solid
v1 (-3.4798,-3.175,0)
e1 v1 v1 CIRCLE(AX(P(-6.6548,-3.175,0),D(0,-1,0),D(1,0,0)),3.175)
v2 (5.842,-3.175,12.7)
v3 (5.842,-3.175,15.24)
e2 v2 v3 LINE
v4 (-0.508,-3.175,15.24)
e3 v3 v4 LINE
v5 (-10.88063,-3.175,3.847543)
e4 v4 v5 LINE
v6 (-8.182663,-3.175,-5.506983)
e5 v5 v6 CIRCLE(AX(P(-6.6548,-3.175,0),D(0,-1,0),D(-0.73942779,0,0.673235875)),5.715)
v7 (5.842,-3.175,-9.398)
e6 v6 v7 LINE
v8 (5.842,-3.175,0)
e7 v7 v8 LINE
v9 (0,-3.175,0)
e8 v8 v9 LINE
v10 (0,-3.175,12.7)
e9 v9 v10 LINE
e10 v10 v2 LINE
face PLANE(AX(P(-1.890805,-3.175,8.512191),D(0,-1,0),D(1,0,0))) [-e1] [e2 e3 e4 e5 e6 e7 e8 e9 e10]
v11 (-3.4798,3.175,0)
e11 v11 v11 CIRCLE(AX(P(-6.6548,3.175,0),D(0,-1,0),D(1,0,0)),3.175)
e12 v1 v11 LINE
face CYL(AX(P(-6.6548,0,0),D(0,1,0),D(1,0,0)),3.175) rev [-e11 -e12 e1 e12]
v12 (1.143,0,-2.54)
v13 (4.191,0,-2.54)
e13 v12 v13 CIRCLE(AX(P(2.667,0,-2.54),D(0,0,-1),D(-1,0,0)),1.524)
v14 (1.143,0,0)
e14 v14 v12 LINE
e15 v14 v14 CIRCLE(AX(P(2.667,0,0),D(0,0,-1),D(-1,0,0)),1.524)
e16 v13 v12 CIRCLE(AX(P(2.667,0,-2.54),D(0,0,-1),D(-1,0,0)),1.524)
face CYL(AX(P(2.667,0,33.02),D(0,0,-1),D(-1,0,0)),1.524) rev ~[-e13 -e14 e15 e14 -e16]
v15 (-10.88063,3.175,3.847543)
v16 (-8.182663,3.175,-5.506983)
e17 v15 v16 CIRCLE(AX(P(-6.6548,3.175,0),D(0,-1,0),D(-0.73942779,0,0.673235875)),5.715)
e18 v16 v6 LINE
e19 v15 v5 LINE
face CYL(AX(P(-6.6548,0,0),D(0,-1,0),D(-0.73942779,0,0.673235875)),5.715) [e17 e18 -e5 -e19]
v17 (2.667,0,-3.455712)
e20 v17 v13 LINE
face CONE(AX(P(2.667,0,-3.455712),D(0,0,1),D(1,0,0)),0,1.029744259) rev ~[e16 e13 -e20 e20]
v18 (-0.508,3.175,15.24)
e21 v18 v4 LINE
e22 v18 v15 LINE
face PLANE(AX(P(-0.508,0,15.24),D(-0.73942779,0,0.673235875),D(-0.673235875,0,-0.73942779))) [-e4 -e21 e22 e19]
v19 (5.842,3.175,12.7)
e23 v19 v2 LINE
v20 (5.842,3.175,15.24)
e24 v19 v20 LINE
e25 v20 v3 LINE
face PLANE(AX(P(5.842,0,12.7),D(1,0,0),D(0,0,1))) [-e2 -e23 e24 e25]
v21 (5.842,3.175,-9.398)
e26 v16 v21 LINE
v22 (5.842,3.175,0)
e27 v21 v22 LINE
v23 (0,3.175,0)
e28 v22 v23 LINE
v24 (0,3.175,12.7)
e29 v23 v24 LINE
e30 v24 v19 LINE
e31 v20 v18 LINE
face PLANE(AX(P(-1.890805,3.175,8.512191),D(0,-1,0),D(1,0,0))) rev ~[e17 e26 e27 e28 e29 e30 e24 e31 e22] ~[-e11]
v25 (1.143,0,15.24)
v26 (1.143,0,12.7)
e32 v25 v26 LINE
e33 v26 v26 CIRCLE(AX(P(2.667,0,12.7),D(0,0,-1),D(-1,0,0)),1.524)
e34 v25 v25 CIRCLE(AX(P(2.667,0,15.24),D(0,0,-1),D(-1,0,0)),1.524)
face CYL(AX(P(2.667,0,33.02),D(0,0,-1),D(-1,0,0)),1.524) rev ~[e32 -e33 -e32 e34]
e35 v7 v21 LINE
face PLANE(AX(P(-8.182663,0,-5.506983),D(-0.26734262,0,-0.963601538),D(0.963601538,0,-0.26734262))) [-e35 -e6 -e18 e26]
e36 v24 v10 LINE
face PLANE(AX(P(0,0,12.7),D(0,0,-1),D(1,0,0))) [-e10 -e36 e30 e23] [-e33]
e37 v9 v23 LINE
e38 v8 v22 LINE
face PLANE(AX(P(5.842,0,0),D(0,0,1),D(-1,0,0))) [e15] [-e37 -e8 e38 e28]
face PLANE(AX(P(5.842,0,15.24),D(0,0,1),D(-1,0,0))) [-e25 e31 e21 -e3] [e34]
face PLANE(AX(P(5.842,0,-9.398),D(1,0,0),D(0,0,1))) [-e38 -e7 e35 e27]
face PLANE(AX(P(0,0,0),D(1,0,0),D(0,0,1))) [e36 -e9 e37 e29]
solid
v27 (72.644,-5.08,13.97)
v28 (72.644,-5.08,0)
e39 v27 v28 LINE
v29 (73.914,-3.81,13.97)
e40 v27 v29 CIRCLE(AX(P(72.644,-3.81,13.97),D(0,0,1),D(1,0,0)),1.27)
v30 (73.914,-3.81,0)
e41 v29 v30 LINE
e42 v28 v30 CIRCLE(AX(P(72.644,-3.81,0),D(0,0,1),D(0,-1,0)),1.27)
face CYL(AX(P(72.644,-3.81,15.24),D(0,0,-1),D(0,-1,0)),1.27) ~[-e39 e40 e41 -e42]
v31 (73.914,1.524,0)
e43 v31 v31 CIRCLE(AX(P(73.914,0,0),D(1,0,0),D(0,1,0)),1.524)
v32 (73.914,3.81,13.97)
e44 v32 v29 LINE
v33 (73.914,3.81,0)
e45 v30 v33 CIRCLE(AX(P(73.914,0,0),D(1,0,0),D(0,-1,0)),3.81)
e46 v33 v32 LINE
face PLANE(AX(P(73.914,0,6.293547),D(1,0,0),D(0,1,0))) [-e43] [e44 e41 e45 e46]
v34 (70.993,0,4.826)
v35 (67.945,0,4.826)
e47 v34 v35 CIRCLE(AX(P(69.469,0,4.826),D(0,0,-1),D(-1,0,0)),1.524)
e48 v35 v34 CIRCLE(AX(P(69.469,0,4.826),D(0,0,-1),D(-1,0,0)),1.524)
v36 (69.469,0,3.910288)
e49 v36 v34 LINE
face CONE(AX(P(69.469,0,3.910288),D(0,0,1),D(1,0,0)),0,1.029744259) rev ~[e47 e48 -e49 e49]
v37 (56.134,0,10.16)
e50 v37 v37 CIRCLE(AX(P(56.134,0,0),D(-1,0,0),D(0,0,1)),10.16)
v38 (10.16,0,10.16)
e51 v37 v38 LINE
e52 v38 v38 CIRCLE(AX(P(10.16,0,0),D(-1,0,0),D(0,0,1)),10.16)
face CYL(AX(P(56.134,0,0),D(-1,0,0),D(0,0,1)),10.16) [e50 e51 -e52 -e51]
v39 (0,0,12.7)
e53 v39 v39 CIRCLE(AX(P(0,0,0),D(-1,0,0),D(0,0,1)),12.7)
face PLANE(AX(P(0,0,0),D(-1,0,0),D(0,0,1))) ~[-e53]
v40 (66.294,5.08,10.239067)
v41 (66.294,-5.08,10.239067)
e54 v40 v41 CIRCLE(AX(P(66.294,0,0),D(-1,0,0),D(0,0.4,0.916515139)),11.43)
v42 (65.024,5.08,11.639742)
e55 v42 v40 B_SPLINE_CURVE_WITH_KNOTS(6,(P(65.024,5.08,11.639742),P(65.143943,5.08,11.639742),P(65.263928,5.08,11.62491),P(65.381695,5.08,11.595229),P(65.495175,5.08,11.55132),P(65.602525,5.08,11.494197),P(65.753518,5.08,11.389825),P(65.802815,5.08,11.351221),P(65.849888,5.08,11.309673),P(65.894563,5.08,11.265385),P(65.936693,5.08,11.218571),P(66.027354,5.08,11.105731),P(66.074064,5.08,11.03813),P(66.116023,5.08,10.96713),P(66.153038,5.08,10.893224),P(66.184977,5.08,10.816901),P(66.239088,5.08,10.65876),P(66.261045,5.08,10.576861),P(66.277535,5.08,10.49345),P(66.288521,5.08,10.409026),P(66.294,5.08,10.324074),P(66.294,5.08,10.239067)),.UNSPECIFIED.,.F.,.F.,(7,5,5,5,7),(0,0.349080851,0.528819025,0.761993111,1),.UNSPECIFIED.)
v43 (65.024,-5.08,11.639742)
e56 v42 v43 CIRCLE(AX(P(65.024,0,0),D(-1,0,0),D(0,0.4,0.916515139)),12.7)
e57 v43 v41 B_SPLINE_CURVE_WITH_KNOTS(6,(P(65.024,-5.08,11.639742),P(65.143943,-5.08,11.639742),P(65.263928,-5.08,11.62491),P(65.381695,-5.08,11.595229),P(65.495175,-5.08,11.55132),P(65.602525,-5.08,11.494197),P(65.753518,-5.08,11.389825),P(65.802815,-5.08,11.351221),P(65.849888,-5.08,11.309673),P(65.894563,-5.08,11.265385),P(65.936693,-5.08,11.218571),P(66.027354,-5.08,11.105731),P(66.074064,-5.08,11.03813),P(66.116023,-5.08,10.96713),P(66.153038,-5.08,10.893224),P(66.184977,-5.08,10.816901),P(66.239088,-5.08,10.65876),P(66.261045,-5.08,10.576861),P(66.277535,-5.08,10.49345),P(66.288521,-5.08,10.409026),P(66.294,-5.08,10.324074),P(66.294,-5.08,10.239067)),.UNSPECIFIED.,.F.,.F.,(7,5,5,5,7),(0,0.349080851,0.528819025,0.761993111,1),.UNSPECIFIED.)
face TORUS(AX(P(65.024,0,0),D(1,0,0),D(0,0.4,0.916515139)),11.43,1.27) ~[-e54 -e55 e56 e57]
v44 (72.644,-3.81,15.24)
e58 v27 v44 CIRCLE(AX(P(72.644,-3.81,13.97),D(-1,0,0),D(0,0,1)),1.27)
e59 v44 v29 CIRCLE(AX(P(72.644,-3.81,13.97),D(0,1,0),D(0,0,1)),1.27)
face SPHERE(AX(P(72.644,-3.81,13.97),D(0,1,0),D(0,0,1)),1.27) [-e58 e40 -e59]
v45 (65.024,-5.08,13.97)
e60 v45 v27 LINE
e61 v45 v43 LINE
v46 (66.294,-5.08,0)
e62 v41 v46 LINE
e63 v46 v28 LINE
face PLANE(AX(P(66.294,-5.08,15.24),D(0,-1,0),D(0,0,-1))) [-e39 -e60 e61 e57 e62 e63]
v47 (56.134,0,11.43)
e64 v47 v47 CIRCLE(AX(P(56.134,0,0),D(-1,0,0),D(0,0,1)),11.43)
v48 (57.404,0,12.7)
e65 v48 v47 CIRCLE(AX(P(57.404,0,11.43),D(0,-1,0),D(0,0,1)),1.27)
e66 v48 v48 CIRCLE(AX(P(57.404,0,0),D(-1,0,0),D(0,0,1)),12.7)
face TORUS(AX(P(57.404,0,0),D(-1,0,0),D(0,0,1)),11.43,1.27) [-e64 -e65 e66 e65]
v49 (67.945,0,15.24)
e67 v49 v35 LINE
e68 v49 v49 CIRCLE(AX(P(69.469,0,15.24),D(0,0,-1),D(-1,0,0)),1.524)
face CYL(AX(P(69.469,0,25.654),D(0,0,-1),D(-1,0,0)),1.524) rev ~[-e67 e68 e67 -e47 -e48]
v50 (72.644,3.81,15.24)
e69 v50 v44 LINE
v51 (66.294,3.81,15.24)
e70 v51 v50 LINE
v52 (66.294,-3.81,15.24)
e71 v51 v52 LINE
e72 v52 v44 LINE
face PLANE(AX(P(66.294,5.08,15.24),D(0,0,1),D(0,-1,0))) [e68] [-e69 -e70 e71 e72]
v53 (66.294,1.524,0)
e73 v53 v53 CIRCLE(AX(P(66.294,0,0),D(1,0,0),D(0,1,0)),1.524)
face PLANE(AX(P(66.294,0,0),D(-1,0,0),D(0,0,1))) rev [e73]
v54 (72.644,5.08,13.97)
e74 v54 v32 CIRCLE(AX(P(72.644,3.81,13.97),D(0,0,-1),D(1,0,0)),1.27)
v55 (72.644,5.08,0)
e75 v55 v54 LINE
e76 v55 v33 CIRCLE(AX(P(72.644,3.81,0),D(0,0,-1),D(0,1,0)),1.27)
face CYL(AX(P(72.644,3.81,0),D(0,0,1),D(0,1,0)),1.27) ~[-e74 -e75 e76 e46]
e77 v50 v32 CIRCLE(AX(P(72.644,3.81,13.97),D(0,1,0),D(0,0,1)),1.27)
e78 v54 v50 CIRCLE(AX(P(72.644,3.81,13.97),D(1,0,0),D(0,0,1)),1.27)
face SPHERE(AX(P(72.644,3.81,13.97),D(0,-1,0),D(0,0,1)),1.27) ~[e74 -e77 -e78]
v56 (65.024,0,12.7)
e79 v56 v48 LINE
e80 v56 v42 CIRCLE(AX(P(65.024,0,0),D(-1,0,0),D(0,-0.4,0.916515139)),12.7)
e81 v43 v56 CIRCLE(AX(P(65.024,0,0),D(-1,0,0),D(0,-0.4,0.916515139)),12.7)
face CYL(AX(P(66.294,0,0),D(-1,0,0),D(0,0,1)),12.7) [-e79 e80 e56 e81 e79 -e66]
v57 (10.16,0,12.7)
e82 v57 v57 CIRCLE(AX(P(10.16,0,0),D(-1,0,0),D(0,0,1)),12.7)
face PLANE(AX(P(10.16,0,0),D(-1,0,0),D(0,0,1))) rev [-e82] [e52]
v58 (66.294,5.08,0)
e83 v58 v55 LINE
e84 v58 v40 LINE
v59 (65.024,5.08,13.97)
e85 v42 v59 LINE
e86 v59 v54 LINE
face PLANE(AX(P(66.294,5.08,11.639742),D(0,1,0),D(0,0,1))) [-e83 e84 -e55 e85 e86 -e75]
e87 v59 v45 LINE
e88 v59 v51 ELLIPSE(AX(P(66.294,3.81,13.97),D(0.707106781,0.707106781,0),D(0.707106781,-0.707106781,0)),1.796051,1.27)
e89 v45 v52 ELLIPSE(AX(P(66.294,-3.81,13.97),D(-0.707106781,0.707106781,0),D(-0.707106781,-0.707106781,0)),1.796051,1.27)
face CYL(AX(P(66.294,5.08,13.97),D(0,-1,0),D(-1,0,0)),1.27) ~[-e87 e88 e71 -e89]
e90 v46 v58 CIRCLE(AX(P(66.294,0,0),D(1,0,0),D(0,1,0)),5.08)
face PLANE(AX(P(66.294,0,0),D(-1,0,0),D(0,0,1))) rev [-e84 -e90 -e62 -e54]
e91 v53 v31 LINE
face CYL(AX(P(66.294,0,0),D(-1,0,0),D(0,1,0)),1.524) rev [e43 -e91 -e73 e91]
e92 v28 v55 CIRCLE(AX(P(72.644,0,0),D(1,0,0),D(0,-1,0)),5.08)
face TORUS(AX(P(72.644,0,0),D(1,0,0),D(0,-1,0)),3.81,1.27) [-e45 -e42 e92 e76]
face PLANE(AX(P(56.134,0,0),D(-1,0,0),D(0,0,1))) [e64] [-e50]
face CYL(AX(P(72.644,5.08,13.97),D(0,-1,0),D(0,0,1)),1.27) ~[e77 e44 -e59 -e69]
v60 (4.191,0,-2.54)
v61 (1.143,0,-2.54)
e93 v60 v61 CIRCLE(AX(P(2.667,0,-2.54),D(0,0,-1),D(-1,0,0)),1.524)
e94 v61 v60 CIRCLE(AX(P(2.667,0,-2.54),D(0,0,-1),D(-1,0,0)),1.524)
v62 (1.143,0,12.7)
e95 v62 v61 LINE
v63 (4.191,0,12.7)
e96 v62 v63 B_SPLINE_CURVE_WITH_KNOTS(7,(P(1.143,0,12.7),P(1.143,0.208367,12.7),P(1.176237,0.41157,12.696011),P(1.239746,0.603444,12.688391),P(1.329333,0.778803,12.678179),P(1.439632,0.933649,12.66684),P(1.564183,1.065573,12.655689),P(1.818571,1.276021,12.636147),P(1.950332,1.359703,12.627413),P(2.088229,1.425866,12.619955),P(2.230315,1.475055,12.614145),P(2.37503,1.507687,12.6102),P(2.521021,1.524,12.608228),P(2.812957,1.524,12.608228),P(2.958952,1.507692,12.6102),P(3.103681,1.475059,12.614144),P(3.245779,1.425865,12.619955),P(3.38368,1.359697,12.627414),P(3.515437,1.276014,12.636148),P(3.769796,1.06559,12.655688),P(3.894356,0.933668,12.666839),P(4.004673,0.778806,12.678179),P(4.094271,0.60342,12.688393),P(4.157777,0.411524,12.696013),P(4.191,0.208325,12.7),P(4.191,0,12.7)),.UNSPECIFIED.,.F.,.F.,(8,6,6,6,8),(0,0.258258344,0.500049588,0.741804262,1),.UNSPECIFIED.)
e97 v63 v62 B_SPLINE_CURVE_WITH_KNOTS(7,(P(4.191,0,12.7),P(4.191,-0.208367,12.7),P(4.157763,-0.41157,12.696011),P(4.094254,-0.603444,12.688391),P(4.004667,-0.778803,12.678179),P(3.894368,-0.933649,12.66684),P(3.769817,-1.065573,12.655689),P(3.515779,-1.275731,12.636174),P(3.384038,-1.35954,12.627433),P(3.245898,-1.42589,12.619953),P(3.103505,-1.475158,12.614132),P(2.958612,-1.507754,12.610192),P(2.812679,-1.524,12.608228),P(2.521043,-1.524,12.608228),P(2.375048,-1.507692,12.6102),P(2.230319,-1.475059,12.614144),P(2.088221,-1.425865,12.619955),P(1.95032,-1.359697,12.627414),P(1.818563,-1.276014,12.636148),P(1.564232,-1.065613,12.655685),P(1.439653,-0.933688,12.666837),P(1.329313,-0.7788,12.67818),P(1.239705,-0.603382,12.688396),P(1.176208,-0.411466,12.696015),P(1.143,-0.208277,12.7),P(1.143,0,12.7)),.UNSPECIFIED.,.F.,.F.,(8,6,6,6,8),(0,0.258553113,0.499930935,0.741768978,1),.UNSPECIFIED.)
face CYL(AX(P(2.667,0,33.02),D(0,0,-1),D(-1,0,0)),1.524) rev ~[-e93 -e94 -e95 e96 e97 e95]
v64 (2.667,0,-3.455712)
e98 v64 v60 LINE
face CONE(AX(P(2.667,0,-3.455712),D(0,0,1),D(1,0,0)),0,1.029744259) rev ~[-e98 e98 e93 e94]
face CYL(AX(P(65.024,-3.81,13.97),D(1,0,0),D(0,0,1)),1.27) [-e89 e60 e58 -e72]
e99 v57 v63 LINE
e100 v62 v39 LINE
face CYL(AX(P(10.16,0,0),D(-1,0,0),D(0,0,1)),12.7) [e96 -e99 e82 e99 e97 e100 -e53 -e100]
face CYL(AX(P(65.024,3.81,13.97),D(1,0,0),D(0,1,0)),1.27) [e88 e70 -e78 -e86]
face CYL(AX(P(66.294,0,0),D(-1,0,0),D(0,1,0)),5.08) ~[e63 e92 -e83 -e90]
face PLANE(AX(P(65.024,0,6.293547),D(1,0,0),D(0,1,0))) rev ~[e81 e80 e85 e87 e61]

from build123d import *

# Parameters (mm, degrees)
F0_W       = 5.842
F0_H       = 12.7
F0_R       = 3.175
F2_DEPTH   = 3.175
F3_R       = 1.524
F4_DEPTH   = 7.62
F5_DEPTH   = 1.27
F7_D       = 3.048
F7_DEPTH   = 17.78
F7_TIP     = 0.9157115834
F7_2_D     = 3.048
F7_2_DEPTH = 17.78
F7_2_TIP   = 0.9157115834
F9_D       = 3.048
F9_DEPTH   = 10.414
F9_TIP     = 0.9157115834
F10_R      = 1.27


with BuildPart() as f1:
    # F0 (on Front) → F1 (revolve)
    with BuildSketch(Plane.XZ):
        with Locations((2.921, 6.35)):
            Rectangle(F0_W, F0_H)
        Polygon((5.842, 12.7), (5.842, 0), (66.294, 0), (66.294, 12.7), (56.134, 12.7), (56.134, 10.16), (10.16, 10.16), (10.16, 12.7), align=None)
    revolve(axis=Axis((33.147, 0, 0), (-1, 0, 0)))

    # F3 (on face) → F4 (join)
    with BuildSketch(Plane.YZ.offset(66.294)):
        with BuildLine():
            ThreePointArc((-5.08, 0), (0, 5.08), (5.08, 0))
            Line((5.08, 0), (5.08, 11.6397422652))
            ThreePointArc((5.08, 11.6397422652), (0, 12.7), (-5.08, 11.6397422652))
            Line((-5.08, 11.6397422652), (-5.08, 0))
        make_face()
        with BuildLine():
            ThreePointArc((-5.08, 11.6397422652), (0, 12.7), (5.08, 11.6397422652))
            Line((5.08, 11.6397422652), (5.08, 15.24))
            Line((5.08, 15.24), (-5.08, 15.24))
            Line((-5.08, 15.24), (-5.08, 11.6397422652))
        make_face()
        with BuildLine():
            ThreePointArc((-5.08, 0), (0, -5.08), (5.08, 0))
            ThreePointArc((5.08, 0), (0, 5.08), (-5.08, 0))
        make_face()
        Circle(F3_R, mode=Mode.SUBTRACT)
    extrude(amount=F4_DEPTH)

    # F5 (add): a face of the model
    f5_faces = [f1.faces().sort_by_distance(p)[0] for p in [
        (66.294, 0, 13.7792682875),
    ]]
    extrude(f5_faces, amount=F5_DEPTH)

    # F7
    with Locations(Plane.XY.offset(15.24)):
        with Locations((2.667, 0)):
            Hole(F7_D / 2, depth=F7_DEPTH)
            with Locations((0, 0, -(F7_DEPTH + F7_TIP / 2))):  # 118° drill point
                Cone(0, F7_D / 2, F7_TIP, mode=Mode.SUBTRACT)

    # F9
    with Locations(Plane.XY.offset(15.24)):
        with Locations((69.469, 0)):
            Hole(F9_D / 2, depth=F9_DEPTH)
            with Locations((0, 0, -(F9_DEPTH + F9_TIP / 2))):  # 118° drill point
                Cone(0, F9_D / 2, F9_TIP, mode=Mode.SUBTRACT)

    # F10
    f10_edges = [f1.edges().sort_by_distance(p)[0] for p in [
        (66.294, 0, -12.7),
        (56.134, 0, -12.7),
        (73.914, 0, 15.24),
        (65.024, 0, 15.24),
        (69.469, -5.08, 15.24),
        (69.469, 5.08, 15.24),
        (73.914, -5.08, 7.62),
    ]]
    fillet(f10_edges, radius=F10_R)


with BuildPart() as f2:
    # F0 (on Front) → F2 (new body, symmetric)
    with BuildSketch(Plane.XZ):
        with BuildLine():
            Line((-0.9398, 0), (0, 0))
            Line((0, 0), (0, 12.7))
            Line((0, 12.7), (5.842, 12.7))
            Line((5.842, 12.7), (5.842, 15.24))
            Line((5.842, 15.24), (-0.508, 15.24))
            Line((-0.508, 15.24), (-10.8806298187, 3.8475430269))
            ThreePointArc((-10.8806298187, 3.8475430269), (-4.5919612295, 5.3297205562), (-0.9398, 0))
        make_face()
        with BuildLine():
            ThreePointArc((-8.1826630726, -5.5069827884), (-3.1957909266, -4.5493385486), (-0.9398, 0))
            ThreePointArc((-0.9398, 0), (-4.5919612295, 5.3297205562), (-10.8806298187, 3.8475430269))
            ThreePointArc((-10.8806298187, 3.8475430269), (-12.1459778134, -1.5837270034), (-8.1826630726, -5.5069827884))
        make_face()
        with Locations((-6.6548, 0)):
            Circle(F0_R, mode=Mode.SUBTRACT)
        with BuildLine():
            Line((5.842, 0), (0, 0))
            Line((0, 0), (-0.9398, 0))
            ThreePointArc((-0.9398, 0), (-3.1957909266, -4.5493385486), (-8.1826630726, -5.5069827884))
            Line((-8.1826630726, -5.5069827884), (5.842, -9.398))
            Line((5.842, -9.398), (5.842, 0))
        make_face()
    extrude(amount=F2_DEPTH, both=True)

    # F7#2
    with Locations(Plane.XY.offset(15.24)):
        with Locations((2.667, 0)):
            Hole(F7_2_D / 2, depth=F7_2_DEPTH)
            with Locations((0, 0, -(F7_2_DEPTH + F7_2_TIP / 2))):  # 118° drill point
                Cone(0, F7_2_D / 2, F7_2_TIP, mode=Mode.SUBTRACT)


solid = Compound([f1.part, f2.part])
